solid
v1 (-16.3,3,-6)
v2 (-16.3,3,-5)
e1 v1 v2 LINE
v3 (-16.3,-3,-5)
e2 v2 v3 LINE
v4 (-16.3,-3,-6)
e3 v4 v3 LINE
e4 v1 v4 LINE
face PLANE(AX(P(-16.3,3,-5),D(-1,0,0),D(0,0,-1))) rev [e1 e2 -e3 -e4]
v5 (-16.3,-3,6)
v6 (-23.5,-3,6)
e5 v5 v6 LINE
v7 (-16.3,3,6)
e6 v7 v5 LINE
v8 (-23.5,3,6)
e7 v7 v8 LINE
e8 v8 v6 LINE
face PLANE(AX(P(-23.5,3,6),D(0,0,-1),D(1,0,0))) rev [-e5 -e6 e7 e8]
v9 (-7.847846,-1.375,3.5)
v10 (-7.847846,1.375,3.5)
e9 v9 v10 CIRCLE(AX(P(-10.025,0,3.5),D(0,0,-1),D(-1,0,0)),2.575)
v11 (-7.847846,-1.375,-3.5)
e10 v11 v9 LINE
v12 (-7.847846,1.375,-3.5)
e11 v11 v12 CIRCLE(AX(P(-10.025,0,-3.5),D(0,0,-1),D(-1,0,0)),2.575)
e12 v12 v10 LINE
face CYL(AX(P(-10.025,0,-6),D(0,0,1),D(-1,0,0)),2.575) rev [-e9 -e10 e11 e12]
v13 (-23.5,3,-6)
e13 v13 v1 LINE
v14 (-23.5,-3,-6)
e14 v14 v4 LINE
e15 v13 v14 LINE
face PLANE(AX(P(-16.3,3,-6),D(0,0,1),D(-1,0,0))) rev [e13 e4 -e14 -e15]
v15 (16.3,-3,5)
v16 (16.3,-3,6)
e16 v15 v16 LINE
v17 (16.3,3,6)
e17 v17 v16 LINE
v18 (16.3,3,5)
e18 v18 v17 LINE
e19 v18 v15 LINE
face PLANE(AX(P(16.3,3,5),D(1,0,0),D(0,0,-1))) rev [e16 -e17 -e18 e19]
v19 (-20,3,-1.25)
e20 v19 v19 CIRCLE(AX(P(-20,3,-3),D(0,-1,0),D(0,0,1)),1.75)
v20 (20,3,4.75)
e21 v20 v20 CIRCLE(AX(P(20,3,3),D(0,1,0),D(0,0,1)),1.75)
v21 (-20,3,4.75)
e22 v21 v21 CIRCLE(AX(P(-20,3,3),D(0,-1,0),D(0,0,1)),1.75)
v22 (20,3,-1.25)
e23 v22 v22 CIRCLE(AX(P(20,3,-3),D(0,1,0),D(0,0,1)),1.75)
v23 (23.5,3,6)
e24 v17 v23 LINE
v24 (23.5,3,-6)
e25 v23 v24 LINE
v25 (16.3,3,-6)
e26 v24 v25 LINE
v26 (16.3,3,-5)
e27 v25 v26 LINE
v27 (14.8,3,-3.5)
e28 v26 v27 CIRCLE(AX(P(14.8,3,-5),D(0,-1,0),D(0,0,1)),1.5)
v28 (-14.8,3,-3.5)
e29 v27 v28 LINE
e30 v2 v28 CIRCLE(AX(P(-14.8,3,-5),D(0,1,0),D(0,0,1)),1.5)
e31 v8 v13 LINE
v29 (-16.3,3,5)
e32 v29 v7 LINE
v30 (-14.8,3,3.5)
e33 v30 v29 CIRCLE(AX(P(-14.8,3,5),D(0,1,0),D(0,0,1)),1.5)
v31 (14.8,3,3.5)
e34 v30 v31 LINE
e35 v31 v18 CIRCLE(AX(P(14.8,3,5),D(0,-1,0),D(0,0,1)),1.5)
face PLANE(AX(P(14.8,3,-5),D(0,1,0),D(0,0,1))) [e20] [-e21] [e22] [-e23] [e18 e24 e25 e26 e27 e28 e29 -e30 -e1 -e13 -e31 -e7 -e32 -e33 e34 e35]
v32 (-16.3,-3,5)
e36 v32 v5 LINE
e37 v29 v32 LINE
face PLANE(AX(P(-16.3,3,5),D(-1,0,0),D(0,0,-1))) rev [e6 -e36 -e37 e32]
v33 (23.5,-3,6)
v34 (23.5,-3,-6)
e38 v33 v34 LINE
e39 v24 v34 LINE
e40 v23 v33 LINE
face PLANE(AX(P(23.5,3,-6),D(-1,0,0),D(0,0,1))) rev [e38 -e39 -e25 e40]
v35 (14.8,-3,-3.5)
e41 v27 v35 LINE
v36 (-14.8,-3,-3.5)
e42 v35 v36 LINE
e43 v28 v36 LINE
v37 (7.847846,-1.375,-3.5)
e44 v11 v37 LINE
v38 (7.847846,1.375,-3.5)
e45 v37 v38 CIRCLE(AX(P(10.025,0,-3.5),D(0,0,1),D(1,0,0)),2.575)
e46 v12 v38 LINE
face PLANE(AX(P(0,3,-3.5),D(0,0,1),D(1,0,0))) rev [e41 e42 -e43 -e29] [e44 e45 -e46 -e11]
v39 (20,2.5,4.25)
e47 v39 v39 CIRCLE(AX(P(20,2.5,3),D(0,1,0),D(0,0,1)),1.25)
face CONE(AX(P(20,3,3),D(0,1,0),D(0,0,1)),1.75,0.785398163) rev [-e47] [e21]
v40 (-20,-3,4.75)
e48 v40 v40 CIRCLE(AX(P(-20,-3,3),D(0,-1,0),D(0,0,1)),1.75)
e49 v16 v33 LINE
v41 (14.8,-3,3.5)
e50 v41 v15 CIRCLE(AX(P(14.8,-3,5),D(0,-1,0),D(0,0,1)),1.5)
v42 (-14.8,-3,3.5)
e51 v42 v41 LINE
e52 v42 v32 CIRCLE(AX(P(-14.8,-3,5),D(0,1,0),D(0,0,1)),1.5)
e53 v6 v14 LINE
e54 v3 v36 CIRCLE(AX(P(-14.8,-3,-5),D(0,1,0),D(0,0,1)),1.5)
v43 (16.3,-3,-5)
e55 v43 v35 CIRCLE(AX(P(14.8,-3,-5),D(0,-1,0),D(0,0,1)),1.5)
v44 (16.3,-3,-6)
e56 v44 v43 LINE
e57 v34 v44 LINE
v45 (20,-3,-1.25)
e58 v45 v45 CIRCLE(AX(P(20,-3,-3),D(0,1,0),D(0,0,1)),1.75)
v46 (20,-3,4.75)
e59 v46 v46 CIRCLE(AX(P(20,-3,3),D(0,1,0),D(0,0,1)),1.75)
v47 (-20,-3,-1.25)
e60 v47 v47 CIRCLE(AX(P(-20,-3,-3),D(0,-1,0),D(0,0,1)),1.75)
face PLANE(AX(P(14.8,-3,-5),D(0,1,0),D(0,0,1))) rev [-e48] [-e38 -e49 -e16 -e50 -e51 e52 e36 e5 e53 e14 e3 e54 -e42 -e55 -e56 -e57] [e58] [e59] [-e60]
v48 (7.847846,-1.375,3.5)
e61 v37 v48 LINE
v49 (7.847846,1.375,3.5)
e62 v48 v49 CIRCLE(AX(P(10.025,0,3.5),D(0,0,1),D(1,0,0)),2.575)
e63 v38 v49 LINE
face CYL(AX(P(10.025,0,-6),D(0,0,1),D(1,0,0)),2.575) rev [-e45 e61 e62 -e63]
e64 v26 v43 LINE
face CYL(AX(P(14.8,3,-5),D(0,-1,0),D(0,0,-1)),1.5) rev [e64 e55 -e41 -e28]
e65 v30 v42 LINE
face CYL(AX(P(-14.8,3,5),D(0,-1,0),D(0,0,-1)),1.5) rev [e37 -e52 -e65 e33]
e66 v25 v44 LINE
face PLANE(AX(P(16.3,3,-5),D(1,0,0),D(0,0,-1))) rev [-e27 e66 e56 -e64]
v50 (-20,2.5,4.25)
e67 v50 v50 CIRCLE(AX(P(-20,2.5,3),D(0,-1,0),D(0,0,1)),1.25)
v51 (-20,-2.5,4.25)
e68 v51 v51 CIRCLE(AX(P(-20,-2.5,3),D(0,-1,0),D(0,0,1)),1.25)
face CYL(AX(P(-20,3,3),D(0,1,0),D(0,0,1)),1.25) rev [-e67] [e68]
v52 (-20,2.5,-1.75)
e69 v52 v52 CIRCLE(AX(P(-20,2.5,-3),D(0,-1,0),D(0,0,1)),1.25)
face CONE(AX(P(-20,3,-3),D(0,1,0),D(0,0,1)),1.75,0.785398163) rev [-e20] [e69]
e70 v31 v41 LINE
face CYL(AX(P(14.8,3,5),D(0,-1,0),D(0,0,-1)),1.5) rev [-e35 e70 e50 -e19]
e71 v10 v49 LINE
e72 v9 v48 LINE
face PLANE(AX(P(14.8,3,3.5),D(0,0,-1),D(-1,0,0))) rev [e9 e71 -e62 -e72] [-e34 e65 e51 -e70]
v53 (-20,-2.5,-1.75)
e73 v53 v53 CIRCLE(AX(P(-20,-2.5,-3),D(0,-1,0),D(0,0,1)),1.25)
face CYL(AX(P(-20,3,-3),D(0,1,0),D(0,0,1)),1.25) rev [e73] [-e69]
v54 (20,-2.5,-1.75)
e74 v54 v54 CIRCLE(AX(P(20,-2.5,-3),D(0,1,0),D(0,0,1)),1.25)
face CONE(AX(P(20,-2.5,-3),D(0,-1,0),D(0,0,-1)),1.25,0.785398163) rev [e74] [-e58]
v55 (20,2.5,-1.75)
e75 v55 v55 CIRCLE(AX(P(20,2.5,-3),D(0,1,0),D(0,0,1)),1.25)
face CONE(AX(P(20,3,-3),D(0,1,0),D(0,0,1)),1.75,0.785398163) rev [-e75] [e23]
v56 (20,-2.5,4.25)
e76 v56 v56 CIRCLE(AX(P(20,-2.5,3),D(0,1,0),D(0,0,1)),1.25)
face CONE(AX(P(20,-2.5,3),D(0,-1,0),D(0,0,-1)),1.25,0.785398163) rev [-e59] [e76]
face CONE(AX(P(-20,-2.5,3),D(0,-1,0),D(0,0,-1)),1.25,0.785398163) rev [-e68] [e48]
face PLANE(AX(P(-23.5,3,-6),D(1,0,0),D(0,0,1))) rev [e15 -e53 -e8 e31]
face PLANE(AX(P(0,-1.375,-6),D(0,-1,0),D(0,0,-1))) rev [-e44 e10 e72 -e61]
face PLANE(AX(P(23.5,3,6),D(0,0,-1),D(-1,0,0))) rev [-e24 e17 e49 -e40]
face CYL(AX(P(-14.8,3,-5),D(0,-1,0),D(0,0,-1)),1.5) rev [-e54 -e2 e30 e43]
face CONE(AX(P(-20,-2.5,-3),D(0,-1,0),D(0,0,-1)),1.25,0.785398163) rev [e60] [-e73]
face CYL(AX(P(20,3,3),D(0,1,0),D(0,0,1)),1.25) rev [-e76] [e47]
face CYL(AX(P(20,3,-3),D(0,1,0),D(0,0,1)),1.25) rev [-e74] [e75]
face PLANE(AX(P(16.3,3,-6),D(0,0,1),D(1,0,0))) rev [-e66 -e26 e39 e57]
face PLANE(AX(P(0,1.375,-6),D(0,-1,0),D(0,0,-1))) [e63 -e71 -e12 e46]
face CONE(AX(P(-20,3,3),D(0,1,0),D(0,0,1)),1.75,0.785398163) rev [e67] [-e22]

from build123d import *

# Parameters (mm, degrees)
BOSS_EXTRUDE1_DEPTH        = 3
CUT_EXTRUDE1_DEPTH         = 10.5
M3_TAPPED_HOLE1_AT_2_COUNT = 2
M3_TAPPED_HOLE1_AT_2_PITCH = 6


with BuildPart() as part:
    # Sketch1 → Boss-Extrude1 (new body, symmetric)
    with BuildSketch(Plane(origin=(0, 0, 0), x_dir=(1, 0, 0), z_dir=(0, 1, 0))):
        with BuildLine():
            Line((0, -3.5), (0, 3.5))
            Line((0, 3.5), (14.8, 3.5))
            ThreePointArc((14.8, 3.5), (15.860660172, 3.939339828), (16.3, 5))
            Line((16.3, 5), (16.3, 6))
            Line((16.3, 6), (23.5, 6))
            Line((23.5, 6), (23.5, -6))
            Line((23.5, -6), (16.3, -6))
            Line((16.3, -6), (16.3, -5))
            ThreePointArc((16.3, -5), (15.860660172, -3.939339828), (14.8, -3.5))
            Line((14.8, -3.5), (0, -3.5))
        make_face()
    extrude(amount=BOSS_EXTRUDE1_DEPTH, both=True)

    # Sketch2 → Cut-Extrude1 (cut, through all)
    with BuildSketch(Plane.XY.offset(3.5)):
        with BuildLine():
            ThreePointArc((7.847845894, 1.375), (7.45, 0), (7.847845894, -1.375))
            Line((7.847845894, -1.375), (10.025, -1.375))
            Line((10.025, -1.375), (10.025, 1.375))
            Line((10.025, 1.375), (7.847845894, 1.375))
        make_face()
        with BuildLine():
            Line((10.025, -1.375), (7.847845894, -1.375))
            ThreePointArc((7.847845894, -1.375), (10.740700069, -2.473539652), (12.6, 0))
            ThreePointArc((12.6, 0), (10.740700069, 2.473539652), (7.847845894, 1.375))
            Line((7.847845894, 1.375), (10.025, 1.375))
            Line((10.025, 1.375), (10.025, -1.375))
        make_face()
        with BuildLine():
            Line((0, 1.375), (0, -1.375))
            Line((0, -1.375), (7.847845894, -1.375))
            ThreePointArc((7.847845894, -1.375), (7.45, 0), (7.847845894, 1.375))
            Line((7.847845894, 1.375), (0, 1.375))
        make_face()
    extrude(amount=-CUT_EXTRUDE1_DEPTH, mode=Mode.SUBTRACT)

    # Sketch5 → M3 Tapped Hole1 (revolve, cut)
    with BuildSketch(Plane(origin=(20, 3, -3), x_dir=(0, 0, 1), z_dir=(1, 0, 0))):
        Polygon((0, 0), (0, 6), (1.75, 6), (1.25, 5.5), (1.25, 0.5), (1.75, 0), align=None)
    m3_tapped_hole1 = revolve(axis=Axis((20, 9.35, -3), (0, -1, 0)), mode=Mode.SUBTRACT)

    # M3 Tapped Hole1 at 2: M3 Tapped Hole1 ×2
    with Locations(*[(0, 0, i * M3_TAPPED_HOLE1_AT_2_PITCH) for i in range(1, M3_TAPPED_HOLE1_AT_2_COUNT)]):
        add(m3_tapped_hole1, mode=Mode.SUBTRACT)

    # Mirror1: part across plane


with BuildPart() as part_1:
    add(part.part)
    add(part.part.mirror(Plane(origin=(0, 0, 0), x_dir=(0, 0, 1), z_dir=(1, 0, 0))))


solid = part_1.part
